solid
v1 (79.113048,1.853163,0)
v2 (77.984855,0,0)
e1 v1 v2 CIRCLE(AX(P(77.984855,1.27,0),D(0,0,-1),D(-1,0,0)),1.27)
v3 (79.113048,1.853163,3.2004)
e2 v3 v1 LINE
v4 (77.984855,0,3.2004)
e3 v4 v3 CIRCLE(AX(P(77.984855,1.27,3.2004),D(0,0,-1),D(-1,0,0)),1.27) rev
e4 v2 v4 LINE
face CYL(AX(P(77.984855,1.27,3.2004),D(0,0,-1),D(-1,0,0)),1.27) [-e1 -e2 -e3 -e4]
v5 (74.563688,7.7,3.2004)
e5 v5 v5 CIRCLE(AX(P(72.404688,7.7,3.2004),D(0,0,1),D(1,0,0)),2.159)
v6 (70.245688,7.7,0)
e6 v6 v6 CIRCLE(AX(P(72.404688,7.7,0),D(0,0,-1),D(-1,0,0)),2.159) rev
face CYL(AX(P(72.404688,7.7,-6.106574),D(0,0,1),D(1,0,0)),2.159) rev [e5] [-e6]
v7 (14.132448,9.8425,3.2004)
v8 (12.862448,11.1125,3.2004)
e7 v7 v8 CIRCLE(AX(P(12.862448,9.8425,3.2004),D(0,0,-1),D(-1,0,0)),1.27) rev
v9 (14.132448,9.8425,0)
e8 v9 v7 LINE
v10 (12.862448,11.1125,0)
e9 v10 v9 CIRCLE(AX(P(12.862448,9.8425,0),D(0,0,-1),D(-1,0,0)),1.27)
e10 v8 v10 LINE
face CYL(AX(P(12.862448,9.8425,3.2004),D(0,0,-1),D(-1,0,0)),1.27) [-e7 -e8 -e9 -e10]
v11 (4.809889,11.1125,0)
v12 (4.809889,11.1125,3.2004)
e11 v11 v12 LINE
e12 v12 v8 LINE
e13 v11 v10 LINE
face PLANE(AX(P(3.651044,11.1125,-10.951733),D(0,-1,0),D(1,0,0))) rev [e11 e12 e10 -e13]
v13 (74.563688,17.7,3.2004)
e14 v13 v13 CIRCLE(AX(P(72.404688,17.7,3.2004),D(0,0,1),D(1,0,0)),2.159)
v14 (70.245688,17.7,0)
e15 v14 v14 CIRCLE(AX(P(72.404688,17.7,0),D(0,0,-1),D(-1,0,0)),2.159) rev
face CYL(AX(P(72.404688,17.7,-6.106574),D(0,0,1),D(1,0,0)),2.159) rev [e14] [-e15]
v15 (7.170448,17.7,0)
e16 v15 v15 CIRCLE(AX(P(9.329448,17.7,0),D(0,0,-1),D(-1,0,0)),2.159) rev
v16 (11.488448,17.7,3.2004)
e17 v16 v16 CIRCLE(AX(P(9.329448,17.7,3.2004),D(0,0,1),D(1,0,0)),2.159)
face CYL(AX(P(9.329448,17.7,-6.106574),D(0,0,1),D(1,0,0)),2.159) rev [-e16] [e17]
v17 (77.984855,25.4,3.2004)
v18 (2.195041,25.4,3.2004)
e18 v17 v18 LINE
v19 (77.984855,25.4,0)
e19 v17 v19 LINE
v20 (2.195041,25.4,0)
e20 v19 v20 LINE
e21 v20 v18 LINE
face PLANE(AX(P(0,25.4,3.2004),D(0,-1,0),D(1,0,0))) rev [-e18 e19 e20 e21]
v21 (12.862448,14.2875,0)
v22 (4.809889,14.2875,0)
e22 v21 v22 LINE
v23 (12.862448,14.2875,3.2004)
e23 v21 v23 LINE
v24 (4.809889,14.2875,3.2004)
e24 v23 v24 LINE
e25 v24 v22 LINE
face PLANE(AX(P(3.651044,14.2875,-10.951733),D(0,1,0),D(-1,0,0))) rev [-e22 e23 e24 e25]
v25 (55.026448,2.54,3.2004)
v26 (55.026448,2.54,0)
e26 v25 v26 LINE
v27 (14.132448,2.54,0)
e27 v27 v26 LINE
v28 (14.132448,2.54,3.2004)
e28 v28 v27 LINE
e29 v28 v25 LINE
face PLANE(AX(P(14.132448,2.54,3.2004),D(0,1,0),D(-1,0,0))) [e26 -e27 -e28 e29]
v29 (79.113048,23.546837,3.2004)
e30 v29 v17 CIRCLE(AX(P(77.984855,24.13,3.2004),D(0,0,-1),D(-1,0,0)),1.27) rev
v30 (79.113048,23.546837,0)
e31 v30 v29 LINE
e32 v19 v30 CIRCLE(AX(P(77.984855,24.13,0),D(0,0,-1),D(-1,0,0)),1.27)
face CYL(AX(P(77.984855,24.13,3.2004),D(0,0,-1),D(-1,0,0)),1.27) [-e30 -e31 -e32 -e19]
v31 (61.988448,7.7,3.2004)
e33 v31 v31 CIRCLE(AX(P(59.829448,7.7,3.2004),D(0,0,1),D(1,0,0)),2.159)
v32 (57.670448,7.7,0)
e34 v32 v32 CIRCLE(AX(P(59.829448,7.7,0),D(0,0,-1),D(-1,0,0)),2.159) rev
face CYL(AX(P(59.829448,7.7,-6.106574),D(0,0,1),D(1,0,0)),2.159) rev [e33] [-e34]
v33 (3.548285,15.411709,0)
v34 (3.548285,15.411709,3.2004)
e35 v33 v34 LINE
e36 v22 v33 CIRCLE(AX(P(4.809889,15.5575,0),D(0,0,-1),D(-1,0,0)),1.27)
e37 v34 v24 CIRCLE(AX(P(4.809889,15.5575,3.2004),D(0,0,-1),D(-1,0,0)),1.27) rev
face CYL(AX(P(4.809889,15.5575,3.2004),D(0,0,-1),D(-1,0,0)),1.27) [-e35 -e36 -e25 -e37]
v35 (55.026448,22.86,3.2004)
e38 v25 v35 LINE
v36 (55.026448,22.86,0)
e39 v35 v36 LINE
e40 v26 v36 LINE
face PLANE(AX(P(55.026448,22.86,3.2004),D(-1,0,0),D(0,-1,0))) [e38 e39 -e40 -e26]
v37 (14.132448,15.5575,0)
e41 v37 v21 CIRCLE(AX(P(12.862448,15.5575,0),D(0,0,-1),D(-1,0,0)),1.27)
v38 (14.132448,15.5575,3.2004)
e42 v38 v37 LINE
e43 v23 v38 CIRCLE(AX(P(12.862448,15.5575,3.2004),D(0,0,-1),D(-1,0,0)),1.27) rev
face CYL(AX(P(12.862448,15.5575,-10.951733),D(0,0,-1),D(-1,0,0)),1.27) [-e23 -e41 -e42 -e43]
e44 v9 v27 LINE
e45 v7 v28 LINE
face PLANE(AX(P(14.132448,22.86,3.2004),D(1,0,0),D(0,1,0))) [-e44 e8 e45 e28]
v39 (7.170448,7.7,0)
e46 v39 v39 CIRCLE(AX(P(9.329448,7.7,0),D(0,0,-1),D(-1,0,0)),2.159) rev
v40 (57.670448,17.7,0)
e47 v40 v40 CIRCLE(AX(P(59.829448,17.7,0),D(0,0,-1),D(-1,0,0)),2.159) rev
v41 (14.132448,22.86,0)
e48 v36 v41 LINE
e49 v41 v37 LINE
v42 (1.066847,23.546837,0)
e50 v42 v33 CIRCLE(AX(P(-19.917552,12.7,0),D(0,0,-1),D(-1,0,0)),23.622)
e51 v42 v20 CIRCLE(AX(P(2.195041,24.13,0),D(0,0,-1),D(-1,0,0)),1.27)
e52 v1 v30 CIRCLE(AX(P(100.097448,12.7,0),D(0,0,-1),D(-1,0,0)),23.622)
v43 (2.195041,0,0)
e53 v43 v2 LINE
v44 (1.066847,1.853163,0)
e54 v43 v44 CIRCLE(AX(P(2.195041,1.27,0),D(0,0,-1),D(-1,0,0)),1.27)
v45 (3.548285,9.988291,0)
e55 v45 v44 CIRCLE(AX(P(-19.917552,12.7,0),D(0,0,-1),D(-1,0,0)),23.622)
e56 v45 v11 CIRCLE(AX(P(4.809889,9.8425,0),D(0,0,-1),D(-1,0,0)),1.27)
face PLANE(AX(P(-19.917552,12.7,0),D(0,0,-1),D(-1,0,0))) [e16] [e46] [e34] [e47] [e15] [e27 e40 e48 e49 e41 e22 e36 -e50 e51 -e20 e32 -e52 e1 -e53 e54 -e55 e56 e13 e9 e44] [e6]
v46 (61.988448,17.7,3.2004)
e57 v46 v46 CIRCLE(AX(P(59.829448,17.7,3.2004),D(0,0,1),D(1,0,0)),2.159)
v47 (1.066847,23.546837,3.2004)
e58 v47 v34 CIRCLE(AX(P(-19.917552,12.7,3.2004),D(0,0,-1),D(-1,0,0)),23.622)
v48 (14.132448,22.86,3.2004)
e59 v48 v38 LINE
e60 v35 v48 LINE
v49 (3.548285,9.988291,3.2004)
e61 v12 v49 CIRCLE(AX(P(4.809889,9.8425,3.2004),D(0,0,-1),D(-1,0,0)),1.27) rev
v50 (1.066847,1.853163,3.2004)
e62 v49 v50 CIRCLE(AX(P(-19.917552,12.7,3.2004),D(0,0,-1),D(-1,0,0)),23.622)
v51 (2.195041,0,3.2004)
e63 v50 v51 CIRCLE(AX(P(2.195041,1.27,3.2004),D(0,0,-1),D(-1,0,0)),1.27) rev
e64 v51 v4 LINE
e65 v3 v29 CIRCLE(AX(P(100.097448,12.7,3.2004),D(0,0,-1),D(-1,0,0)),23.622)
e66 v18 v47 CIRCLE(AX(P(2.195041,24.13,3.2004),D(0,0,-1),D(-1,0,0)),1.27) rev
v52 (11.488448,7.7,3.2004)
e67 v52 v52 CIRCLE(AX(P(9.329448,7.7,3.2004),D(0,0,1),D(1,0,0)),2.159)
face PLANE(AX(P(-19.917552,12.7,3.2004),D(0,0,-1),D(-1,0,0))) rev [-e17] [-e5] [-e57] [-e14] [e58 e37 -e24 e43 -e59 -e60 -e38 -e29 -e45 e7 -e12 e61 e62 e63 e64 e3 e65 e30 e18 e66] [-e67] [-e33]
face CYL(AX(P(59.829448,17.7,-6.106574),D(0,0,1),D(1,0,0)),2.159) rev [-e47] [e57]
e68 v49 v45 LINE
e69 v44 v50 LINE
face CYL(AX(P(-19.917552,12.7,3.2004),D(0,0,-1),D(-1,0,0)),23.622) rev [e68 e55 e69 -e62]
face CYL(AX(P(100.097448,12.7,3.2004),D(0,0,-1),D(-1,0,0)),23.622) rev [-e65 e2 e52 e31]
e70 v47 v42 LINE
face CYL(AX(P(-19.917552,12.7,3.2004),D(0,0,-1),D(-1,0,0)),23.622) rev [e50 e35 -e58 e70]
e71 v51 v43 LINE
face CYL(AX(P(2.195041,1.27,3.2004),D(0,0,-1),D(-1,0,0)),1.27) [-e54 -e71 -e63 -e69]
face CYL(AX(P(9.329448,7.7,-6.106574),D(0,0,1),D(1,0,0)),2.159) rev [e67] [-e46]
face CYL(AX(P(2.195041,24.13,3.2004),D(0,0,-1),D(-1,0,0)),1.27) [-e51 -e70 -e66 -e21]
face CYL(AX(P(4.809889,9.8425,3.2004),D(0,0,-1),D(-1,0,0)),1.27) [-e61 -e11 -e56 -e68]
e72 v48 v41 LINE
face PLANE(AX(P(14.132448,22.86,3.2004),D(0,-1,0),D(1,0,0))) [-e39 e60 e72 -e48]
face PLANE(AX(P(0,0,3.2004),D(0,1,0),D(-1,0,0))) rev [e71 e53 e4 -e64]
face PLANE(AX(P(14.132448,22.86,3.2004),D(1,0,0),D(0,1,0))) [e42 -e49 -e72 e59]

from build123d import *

# Parameters (mm, degrees)
SKETCH1_W           = 40.894
SKETCH1_H           = 20.32
BOSS_EXTRUDE1_DEPTH = 3.2004
SKETCH2_R           = 2.159
CUT_EXTRUDE1_DEPTH  = 3.2004
SKETCH3_W           = 10.481403753
SKETCH3_H           = 3.175
CUT_EXTRUDE2_DEPTH  = 3.2004
FILLET1_R           = 1.27


with BuildPart() as part:
    # Sketch1 → Boss-Extrude1 (new body)
    with BuildSketch(Plane.XY):
        with BuildLine():
            Line((0, 25.4), (80.179895682, 25.4))
            ThreePointArc((80.179895682, 25.4), (76.475447841, 12.7), (80.179895682, 0))
            Line((80.179895682, 0), (0, 0))
            ThreePointArc((0, 0), (3.704447841, 12.7), (0, 25.4))
        make_face()
        with Locations((34.579447813, 12.7)):
            Rectangle(SKETCH1_W, SKETCH1_H, mode=Mode.SUBTRACT)
    extrude(amount=BOSS_EXTRUDE1_DEPTH)

    # Sketch2 → Cut-Extrude1 (cut)
    with BuildSketch(Plane.XY.offset(3.2004)):
        with Locations((9.329447813, 17.7)):
            Circle(SKETCH2_R)
        with Locations((59.829447813, 7.7)):
            Circle(SKETCH2_R)
        with Locations((59.829447813, 17.7)):
            Circle(SKETCH2_R)
        with Locations((9.329447813, 7.7)):
            Circle(SKETCH2_R)
        with Locations((72.404688187, 17.7)):
            Circle(SKETCH2_R)
        with Locations((72.404688187, 7.7)):
            Circle(SKETCH2_R)
    extrude(amount=-CUT_EXTRUDE1_DEPTH, mode=Mode.SUBTRACT)

    # Sketch3 → Cut-Extrude2 (cut)
    with BuildSketch(Plane.XY.offset(3.2004)):
        with Locations((8.891745937, 12.7)):
            Rectangle(SKETCH3_W, SKETCH3_H)
    extrude(amount=-CUT_EXTRUDE2_DEPTH, mode=Mode.SUBTRACT)

    # Fillet1
    fillet1_edges = [part.edges().sort_by_distance(p)[0] for p in [
        (14.132447813, 11.1125, 1.6002),
        (14.132447813, 14.2875, 1.6002),
        (3.65104406, 14.2875, 1.6002),
        (3.65104406, 11.1125, 1.6002),
        (0, 25.4, 1.6002),
        (80.179895682, 25.4, 1.6002),
        (80.179895682, 0, 1.6002),
        (0, 0, 1.6002),
    ]]
    fillet(fillet1_edges, radius=FILLET1_R)


solid = part.part
